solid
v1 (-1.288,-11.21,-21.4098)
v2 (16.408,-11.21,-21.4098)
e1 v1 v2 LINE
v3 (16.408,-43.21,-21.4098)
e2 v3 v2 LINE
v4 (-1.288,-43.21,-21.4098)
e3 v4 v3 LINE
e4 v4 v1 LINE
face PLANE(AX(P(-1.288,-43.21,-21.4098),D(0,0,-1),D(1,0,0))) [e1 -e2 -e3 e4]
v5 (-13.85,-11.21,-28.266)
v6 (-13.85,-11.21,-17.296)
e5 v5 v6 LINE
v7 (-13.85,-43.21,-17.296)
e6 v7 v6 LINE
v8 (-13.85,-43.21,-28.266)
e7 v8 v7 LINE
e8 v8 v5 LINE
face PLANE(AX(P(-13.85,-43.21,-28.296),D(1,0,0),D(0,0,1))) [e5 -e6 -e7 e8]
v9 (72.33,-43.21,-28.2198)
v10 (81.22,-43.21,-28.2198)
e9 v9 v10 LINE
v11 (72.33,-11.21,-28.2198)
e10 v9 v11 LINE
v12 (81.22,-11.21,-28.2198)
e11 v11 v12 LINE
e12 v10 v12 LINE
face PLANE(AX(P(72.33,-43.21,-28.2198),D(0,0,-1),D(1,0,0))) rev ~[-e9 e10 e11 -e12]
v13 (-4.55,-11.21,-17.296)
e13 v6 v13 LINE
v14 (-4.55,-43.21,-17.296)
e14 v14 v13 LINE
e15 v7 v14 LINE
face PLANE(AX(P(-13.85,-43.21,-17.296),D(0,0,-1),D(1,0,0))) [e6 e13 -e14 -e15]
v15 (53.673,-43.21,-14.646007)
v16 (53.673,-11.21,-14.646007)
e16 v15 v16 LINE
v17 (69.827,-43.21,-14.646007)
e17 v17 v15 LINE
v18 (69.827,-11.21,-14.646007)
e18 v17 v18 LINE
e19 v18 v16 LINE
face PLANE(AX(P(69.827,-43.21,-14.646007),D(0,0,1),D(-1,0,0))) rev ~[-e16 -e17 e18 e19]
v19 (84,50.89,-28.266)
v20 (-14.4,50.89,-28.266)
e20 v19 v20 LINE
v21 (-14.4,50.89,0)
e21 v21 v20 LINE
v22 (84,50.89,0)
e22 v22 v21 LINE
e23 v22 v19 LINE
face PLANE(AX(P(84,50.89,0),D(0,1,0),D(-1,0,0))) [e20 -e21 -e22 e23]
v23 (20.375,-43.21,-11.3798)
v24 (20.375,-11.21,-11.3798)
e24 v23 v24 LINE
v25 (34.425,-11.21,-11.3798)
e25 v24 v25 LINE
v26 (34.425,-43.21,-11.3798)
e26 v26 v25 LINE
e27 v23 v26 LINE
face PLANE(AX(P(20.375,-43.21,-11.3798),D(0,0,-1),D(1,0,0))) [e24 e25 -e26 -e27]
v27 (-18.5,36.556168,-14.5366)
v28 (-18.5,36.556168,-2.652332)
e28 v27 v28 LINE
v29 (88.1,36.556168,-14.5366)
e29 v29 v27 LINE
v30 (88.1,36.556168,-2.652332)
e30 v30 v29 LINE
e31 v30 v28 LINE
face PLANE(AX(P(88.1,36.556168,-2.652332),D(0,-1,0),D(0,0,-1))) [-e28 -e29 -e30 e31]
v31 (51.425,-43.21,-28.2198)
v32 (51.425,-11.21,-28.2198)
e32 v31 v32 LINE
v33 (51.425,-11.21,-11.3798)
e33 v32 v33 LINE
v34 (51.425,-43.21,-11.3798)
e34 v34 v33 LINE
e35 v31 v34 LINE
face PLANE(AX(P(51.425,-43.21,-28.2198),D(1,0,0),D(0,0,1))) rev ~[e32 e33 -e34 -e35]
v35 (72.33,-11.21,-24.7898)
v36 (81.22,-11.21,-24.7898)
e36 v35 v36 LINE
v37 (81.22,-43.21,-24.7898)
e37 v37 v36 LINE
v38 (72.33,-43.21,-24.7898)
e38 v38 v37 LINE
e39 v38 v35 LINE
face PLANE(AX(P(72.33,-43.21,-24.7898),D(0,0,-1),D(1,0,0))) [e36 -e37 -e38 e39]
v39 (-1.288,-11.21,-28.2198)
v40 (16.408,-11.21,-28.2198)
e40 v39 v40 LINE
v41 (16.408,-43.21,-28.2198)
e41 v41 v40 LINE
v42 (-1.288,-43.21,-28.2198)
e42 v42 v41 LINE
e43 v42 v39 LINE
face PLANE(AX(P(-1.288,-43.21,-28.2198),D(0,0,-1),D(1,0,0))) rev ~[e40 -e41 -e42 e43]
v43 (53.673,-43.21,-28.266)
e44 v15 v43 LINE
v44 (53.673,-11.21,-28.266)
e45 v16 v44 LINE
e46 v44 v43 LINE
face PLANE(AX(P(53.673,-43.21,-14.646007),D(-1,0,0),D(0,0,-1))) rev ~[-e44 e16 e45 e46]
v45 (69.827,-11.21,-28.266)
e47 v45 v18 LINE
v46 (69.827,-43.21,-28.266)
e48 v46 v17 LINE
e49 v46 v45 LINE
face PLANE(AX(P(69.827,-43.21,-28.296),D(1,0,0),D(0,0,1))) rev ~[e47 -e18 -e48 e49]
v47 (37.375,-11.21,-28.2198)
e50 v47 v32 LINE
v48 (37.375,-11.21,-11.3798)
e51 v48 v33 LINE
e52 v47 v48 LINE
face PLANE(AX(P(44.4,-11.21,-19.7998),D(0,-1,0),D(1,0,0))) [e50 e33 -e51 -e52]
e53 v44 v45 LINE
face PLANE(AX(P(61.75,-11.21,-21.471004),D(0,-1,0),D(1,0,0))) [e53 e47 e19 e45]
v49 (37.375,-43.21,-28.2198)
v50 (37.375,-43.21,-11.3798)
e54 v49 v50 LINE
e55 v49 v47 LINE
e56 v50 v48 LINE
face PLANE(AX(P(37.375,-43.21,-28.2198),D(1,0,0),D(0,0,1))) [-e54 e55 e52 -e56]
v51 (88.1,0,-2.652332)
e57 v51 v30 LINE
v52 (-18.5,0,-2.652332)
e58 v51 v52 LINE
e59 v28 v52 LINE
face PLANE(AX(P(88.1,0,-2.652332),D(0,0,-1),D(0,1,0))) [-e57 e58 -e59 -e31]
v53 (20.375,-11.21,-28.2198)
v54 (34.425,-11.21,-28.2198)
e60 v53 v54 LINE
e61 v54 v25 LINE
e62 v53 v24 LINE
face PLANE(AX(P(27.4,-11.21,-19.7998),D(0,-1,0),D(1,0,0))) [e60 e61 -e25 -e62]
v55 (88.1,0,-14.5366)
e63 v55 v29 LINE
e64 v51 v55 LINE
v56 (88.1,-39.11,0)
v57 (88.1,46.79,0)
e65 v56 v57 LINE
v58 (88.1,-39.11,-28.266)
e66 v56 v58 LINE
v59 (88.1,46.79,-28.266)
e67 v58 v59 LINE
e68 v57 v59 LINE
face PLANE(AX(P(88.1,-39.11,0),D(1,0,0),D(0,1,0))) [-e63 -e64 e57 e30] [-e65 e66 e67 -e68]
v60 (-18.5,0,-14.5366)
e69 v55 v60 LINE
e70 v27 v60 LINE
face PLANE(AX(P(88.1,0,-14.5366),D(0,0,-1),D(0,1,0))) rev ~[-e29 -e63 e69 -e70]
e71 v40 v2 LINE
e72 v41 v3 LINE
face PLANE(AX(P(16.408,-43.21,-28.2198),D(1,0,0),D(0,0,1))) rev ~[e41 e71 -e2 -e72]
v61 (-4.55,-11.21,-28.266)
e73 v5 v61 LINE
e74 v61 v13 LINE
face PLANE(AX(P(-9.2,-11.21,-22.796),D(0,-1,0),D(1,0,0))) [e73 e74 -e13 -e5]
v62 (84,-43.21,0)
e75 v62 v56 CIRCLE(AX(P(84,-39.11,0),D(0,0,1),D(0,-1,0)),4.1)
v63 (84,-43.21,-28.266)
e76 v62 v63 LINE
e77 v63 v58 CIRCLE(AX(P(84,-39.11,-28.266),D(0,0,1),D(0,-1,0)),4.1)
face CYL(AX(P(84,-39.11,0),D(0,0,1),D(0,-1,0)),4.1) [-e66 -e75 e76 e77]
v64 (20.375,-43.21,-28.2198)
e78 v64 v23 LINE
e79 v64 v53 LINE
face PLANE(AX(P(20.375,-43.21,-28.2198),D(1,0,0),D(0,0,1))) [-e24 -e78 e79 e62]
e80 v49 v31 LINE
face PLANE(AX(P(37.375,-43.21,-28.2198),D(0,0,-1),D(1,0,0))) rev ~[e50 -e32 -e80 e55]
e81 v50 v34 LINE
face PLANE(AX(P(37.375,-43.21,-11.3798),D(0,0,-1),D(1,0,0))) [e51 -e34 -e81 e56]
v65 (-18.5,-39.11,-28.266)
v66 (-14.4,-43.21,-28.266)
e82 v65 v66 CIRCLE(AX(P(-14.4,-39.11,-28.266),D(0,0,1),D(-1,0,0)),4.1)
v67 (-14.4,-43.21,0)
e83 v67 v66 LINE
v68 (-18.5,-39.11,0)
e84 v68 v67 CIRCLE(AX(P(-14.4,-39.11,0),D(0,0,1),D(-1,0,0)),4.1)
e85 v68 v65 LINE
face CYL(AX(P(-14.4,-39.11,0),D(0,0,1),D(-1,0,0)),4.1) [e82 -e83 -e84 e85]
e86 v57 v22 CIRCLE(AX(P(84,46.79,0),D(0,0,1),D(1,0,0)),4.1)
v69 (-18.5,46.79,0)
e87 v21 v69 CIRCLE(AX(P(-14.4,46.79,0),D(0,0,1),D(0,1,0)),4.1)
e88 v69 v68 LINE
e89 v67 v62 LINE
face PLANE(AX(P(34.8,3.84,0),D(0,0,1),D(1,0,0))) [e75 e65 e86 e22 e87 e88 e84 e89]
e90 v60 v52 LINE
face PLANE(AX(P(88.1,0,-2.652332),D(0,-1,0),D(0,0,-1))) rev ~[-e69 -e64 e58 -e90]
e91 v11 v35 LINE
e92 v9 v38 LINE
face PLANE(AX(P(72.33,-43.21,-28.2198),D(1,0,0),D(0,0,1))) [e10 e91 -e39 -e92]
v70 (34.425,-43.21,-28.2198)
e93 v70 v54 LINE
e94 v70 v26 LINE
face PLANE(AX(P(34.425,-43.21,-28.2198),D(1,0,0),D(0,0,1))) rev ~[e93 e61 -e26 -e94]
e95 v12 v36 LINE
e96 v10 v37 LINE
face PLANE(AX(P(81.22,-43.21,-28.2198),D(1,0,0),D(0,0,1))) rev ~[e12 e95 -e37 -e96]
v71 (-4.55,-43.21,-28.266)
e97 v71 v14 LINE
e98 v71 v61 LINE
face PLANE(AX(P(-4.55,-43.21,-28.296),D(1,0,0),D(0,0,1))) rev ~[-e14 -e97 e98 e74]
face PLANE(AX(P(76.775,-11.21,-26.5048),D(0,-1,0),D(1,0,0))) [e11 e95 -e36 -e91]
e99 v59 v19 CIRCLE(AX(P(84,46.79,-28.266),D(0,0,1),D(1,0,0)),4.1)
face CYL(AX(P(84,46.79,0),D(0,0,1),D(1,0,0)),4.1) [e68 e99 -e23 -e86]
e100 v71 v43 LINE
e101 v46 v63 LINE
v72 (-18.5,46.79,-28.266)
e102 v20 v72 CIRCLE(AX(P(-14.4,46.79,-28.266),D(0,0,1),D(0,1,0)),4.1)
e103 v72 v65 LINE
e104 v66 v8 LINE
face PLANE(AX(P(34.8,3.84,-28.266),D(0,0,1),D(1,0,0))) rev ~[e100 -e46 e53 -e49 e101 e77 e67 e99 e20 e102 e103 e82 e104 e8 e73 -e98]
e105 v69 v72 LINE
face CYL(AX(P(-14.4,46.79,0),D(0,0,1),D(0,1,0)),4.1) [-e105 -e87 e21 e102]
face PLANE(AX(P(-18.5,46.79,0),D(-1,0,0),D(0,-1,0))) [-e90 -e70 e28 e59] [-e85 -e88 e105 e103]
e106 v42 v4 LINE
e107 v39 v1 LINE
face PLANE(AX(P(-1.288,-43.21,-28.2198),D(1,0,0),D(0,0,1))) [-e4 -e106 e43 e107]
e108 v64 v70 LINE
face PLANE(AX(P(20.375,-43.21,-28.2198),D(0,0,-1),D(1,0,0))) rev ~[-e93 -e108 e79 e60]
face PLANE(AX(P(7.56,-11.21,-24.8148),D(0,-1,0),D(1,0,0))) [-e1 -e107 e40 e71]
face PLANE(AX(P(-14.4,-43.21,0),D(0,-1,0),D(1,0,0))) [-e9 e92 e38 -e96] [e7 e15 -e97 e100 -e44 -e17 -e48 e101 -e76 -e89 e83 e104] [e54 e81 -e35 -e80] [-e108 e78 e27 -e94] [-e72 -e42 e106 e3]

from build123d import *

# Parameters (mm, degrees)
BOSS_EXTRUDE2_DEPTH = 2
BOSS_EXTRUDE3_DEPTH = 28.266
SKETCH5_W           = 11.884268041
SKETCH5_H           = 36.556167698
CUT_EXTRUDE3_DEPTH  = 122.459124219
SKETCH7_W           = 8.89
SKETCH7_H           = 3.43
SKETCH7_W_2         = 14.05
SKETCH7_H_2         = 16.84
SKETCH7_W_3         = 17.696
SKETCH7_H_3         = 6.81
SKETCH7_W_4         = 9.3
SKETCH7_H_4         = 11
CUT_EXTRUDE4_DEPTH  = 32


with BuildPart() as part:
    # Sketch1 → Boss-Extrude2 (new body)
    with BuildSketch(Plane.XY):
        with BuildLine():
            Line((-14.4, -41.21), (84, -41.21))
            ThreePointArc((84, -41.21), (85.48492424, -40.59492424), (86.1, -39.11))
            Line((86.1, -39.11), (86.1, 46.79))
            ThreePointArc((86.1, 46.79), (85.48492424, 48.27492424), (84, 48.89))
            Line((84, 48.89), (-14.4, 48.89))
            ThreePointArc((-14.4, 48.89), (-15.88492424, 48.27492424), (-16.5, 46.79))
            Line((-16.5, 46.79), (-16.5, -39.11))
            ThreePointArc((-16.5, -39.11), (-15.88492424, -40.59492424), (-14.4, -41.21))
        make_face()
    extrude(amount=-BOSS_EXTRUDE2_DEPTH)

    # Sketch3 → Boss-Extrude3 (add)
    with BuildSketch(Plane.XY):
        with BuildLine():
            Line((-14.4, -43.21), (84, -43.21))
            ThreePointArc((84, -43.21), (86.899137803, -42.009137803), (88.1, -39.11))
            Line((88.1, -39.11), (88.1, 46.79))
            ThreePointArc((88.1, 46.79), (86.899137803, 49.689137803), (84, 50.89))
            Line((84, 50.89), (-14.4, 50.89))
            ThreePointArc((-14.4, 50.89), (-17.299137803, 49.689137803), (-18.5, 46.79))
            Line((-18.5, 46.79), (-18.5, -39.11))
            ThreePointArc((-18.5, -39.11), (-17.299137803, -42.009137803), (-14.4, -43.21))
        make_face()
    extrude(amount=-BOSS_EXTRUDE3_DEPTH)

    # Sketch5 → Cut-Extrude3 (cut, through all)
    with BuildSketch(Plane(origin=(88.1, 0, 0), x_dir=(0, 0, -1), z_dir=(1, 0, 0))):
        with Locations((8.594465961, 18.278083849)):
            Rectangle(SKETCH5_W, SKETCH5_H)
    extrude(amount=-CUT_EXTRUDE3_DEPTH, mode=Mode.SUBTRACT)

    # Sketch7 → Cut-Extrude4 (cut)
    with BuildSketch(Plane.XZ.offset(43.21)):
        with Locations((76.775, -26.5048)):
            Rectangle(SKETCH7_W, SKETCH7_H)
        Polygon((68.12, -28.296), (69.827, -28.296), (69.827, -14.646007205), (68.12, -14.646007205), (66.12, -14.646007205), (57.38, -14.646007205), (55.38, -14.646007205), (53.673, -14.646007205), (53.673, -28.296), (55.38, -28.296), (57.38, -28.296), (66.12, -28.296), align=None)
        with Locations((44.4, -19.7998)):
            Rectangle(SKETCH7_W_2, SKETCH7_H_2)
        with Locations((27.4, -19.7998)):
            Rectangle(SKETCH7_W_2, SKETCH7_H_2)
        with Locations((7.56, -24.8148)):
            Rectangle(SKETCH7_W_3, SKETCH7_H_3)
        with Locations((-9.2, -22.796)):
            Rectangle(SKETCH7_W_4, SKETCH7_H_4)
    extrude(amount=-CUT_EXTRUDE4_DEPTH, mode=Mode.SUBTRACT)


solid = part.part
